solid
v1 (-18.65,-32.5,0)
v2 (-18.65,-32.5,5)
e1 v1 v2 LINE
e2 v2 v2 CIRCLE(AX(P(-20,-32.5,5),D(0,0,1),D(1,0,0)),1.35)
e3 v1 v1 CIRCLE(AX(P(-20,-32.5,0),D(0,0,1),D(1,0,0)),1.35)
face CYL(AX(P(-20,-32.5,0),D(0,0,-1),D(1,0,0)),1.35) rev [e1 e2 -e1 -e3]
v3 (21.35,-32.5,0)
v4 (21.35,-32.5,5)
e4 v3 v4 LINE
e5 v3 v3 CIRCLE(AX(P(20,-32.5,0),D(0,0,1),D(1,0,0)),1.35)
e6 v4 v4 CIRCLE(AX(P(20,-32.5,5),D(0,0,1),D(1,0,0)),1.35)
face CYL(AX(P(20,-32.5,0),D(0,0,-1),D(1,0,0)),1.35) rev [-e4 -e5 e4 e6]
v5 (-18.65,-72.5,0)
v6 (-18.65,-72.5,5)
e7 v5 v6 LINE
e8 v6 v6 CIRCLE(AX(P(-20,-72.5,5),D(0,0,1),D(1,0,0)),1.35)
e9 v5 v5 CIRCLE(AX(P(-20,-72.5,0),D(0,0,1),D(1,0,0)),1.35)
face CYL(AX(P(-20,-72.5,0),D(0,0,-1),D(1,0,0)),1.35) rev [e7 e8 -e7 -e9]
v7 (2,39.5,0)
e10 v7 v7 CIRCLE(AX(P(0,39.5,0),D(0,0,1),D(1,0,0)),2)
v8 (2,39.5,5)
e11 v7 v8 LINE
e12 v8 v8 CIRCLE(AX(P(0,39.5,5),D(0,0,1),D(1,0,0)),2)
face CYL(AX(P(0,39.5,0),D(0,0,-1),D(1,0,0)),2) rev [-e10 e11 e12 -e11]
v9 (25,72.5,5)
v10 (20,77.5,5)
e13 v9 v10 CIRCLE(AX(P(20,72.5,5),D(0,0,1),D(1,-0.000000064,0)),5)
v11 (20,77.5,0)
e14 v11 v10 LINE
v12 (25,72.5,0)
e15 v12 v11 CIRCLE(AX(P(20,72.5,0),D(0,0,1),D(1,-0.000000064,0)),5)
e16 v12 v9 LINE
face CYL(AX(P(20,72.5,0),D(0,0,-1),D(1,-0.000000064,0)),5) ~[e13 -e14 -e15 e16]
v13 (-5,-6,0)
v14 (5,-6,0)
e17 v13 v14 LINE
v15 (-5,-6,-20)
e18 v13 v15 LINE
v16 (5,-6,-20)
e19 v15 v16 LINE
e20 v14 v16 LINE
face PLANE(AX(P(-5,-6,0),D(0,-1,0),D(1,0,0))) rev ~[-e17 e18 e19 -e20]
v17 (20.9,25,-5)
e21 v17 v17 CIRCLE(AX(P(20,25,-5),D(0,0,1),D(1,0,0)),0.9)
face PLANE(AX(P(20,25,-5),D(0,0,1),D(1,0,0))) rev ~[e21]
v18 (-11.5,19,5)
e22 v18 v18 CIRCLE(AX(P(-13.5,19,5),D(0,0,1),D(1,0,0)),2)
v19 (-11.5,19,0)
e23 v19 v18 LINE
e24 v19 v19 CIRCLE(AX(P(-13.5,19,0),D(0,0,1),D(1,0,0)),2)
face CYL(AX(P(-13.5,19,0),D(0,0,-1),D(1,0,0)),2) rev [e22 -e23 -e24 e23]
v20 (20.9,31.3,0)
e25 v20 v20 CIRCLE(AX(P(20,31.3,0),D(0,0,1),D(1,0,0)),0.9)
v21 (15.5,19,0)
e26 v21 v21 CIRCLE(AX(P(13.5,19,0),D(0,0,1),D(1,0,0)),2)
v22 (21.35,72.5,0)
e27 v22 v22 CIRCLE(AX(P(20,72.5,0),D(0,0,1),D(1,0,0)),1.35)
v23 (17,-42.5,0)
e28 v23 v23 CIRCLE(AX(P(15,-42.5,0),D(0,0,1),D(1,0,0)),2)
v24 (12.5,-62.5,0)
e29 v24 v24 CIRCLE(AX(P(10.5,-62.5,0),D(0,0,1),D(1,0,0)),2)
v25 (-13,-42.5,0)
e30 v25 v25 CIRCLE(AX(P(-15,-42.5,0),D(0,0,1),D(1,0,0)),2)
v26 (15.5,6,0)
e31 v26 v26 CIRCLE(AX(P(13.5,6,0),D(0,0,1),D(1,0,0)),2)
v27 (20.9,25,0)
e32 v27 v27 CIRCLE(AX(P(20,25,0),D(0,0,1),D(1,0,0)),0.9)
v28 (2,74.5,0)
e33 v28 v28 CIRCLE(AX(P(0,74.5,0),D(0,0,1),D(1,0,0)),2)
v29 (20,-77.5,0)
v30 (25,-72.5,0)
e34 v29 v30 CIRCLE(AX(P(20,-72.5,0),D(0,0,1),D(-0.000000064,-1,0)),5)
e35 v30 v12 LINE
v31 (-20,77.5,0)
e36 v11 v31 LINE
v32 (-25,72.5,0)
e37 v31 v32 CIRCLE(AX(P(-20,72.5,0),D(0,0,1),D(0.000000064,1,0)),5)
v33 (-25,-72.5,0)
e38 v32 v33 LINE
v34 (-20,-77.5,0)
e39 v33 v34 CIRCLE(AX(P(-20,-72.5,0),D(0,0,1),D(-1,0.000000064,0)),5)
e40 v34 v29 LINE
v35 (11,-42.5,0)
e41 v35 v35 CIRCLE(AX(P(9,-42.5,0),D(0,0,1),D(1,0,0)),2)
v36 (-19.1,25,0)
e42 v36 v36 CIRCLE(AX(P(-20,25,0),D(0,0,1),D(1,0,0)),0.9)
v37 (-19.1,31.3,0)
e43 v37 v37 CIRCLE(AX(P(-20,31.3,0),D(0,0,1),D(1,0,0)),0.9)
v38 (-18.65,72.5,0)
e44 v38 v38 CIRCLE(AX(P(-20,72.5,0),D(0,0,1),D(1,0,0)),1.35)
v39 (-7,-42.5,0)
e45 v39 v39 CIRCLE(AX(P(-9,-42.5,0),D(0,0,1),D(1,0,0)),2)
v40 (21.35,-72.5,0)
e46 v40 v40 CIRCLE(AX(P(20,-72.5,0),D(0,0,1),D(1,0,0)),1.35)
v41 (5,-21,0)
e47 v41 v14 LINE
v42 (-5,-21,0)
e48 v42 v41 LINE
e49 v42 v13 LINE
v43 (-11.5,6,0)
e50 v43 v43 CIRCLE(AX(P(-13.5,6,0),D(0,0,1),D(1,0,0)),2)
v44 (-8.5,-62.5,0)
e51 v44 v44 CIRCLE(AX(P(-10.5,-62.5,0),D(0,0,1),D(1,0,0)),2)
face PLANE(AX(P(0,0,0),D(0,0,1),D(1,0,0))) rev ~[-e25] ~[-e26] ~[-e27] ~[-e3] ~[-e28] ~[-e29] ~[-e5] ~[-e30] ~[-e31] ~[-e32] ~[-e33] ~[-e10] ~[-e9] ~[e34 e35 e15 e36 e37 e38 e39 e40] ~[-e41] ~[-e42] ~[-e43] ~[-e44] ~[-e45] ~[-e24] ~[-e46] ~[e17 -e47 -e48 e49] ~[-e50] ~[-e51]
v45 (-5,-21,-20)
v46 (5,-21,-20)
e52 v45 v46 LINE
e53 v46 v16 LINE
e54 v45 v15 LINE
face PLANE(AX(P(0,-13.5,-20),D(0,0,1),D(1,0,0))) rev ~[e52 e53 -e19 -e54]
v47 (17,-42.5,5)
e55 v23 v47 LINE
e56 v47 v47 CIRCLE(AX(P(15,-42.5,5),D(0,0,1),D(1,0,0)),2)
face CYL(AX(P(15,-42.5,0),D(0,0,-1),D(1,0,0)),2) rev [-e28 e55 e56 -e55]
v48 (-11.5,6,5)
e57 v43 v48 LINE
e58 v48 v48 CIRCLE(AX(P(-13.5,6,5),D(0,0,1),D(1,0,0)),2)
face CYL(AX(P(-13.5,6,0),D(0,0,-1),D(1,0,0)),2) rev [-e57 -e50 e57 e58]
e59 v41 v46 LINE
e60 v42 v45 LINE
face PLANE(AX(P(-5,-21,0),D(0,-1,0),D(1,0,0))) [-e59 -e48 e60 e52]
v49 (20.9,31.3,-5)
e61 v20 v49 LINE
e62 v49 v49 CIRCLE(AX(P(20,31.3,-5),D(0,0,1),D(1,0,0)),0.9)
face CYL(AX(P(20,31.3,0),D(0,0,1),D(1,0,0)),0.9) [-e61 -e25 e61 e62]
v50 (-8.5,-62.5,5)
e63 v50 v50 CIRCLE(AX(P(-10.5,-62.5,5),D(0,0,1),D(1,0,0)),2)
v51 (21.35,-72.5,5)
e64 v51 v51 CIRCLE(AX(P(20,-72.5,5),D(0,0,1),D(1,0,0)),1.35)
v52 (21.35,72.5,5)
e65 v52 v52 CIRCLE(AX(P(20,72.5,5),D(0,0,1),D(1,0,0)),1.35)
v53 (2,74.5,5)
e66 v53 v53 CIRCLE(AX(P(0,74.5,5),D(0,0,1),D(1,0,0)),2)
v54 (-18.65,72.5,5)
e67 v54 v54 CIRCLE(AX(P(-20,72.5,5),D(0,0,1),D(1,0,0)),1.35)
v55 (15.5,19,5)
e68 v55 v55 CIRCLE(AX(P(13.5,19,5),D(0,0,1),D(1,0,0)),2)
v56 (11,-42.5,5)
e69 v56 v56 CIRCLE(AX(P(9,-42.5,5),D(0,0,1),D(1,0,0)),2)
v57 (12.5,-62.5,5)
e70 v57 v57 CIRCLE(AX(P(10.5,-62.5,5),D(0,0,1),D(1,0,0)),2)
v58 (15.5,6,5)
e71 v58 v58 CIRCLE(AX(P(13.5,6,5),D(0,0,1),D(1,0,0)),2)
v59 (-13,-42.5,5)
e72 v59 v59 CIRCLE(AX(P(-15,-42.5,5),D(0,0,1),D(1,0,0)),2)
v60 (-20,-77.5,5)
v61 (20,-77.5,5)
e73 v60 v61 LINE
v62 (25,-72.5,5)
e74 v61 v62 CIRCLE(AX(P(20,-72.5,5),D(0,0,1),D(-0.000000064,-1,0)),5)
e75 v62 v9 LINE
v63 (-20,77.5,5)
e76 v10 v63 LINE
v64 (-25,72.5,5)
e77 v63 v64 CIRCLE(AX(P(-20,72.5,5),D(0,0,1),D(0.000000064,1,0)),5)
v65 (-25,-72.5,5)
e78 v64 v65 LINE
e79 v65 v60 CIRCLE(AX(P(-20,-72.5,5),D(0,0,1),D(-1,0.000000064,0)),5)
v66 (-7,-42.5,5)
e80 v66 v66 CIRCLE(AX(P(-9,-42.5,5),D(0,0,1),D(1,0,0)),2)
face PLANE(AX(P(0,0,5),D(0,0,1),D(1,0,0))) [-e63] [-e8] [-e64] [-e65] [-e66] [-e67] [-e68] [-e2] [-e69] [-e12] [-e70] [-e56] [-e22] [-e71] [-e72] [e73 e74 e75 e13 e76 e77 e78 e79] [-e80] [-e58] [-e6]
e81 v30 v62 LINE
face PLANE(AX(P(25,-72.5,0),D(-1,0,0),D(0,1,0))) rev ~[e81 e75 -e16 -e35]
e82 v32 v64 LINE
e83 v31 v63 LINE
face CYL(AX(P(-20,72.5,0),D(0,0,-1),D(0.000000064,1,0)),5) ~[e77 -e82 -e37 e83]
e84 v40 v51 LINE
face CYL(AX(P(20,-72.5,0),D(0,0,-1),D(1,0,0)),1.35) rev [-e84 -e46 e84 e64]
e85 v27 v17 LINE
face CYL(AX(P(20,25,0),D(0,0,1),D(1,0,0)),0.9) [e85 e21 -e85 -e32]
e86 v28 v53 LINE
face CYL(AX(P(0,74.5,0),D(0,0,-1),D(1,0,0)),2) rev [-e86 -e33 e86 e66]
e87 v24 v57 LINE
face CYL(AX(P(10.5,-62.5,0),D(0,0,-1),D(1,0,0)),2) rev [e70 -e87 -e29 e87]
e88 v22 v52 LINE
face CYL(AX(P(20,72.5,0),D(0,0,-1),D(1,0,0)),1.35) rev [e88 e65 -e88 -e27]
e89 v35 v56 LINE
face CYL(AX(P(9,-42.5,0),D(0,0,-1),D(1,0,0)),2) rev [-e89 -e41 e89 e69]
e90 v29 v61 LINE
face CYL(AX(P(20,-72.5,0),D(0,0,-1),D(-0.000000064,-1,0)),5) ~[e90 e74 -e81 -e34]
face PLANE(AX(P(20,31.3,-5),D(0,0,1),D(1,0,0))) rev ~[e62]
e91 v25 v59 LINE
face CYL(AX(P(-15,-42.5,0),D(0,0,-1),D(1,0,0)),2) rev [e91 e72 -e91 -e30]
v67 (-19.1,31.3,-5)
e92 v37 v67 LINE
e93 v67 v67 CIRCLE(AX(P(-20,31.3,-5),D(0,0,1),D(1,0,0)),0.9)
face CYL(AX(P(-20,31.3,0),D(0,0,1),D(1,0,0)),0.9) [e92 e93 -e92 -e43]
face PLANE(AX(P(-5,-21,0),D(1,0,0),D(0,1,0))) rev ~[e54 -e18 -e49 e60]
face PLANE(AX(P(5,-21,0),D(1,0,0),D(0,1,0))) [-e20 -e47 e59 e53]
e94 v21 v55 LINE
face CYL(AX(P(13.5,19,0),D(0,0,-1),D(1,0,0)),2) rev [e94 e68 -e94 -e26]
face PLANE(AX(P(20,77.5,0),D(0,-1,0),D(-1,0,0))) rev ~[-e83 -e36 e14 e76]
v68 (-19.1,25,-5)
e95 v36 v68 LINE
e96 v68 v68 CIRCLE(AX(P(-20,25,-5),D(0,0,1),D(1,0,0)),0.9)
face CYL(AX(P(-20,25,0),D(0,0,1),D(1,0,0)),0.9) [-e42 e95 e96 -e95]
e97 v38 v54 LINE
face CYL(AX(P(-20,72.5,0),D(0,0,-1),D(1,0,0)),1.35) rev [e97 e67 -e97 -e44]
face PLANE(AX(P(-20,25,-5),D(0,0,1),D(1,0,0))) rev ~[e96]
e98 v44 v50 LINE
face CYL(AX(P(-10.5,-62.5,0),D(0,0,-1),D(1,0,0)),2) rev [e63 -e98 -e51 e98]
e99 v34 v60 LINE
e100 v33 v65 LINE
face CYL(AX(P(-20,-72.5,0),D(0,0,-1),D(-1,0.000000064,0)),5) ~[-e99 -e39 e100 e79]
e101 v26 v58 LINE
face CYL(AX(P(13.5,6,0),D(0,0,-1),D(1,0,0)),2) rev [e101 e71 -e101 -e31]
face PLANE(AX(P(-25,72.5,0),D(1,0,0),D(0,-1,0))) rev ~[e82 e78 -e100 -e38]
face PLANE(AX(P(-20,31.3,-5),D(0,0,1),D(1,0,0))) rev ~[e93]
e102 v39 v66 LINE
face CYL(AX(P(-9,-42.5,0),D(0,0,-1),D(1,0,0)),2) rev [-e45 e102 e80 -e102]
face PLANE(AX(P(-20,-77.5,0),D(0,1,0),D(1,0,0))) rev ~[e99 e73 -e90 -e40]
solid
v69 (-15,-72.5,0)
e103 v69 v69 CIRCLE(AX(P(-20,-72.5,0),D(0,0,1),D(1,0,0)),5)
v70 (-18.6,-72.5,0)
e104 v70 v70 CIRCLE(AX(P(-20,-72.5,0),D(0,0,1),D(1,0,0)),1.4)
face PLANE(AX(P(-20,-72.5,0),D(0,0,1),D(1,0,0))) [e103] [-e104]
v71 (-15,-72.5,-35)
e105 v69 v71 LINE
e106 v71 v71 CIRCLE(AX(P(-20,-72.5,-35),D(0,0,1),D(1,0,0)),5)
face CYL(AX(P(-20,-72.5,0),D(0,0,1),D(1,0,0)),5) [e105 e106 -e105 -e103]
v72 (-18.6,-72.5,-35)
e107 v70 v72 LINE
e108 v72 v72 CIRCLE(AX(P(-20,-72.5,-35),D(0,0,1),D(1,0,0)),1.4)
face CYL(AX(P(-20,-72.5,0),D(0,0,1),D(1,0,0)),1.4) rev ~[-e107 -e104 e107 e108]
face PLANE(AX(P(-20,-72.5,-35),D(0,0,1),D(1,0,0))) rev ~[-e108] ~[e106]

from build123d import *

# Parameters (mm, degrees)
SKETCH_R      = 2
SKETCH_R_2    = 1.35
PAD_DEPTH     = 5
SKETCH001_W   = 10
SKETCH001_H   = 15
PAD001_DEPTH  = 20
SKETCH002_R   = 0.9
PAD002_DEPTH  = 5
SKETCH003_R   = 5
SKETCH003_R_2 = 1.4
PAD003_DEPTH  = 35


with BuildPart() as body:
    # Sketch → Pad (new body)
    with BuildSketch(Plane.XY):
        with BuildLine():
            Line((-25, 72.5), (-25, -72.5))
            ThreePointArc((-25, -72.5), (-23.535534, -76.035534), (-20, -77.5))
            Line((-20, -77.5), (20, -77.5))
            ThreePointArc((20, -77.5), (23.535534, -76.035534), (25, -72.5))
            Line((25, -72.5), (25, 72.5))
            ThreePointArc((25, 72.5), (23.535534, 76.035534), (20, 77.5))
            Line((20, 77.5), (-20, 77.5))
            ThreePointArc((-20, 77.5), (-23.535534, 76.035534), (-25, 72.5))
        make_face()
        with Locations((-10.5, -62.5)):
            Circle(SKETCH_R, mode=Mode.SUBTRACT)
        with Locations((10.5, -62.5)):
            Circle(SKETCH_R, mode=Mode.SUBTRACT)
        with Locations((-13.5, 19)):
            Circle(SKETCH_R, mode=Mode.SUBTRACT)
        with Locations((-13.5, 6)):
            Circle(SKETCH_R, mode=Mode.SUBTRACT)
        with Locations((13.5, 19)):
            Circle(SKETCH_R, mode=Mode.SUBTRACT)
        with Locations((13.5, 6)):
            Circle(SKETCH_R, mode=Mode.SUBTRACT)
        with Locations((0, 74.5)):
            Circle(SKETCH_R, mode=Mode.SUBTRACT)
        with Locations((0, 39.5)):
            Circle(SKETCH_R, mode=Mode.SUBTRACT)
        with Locations((-20, -72.5)):
            Circle(SKETCH_R_2, mode=Mode.SUBTRACT)
        with Locations((20, -72.5)):
            Circle(SKETCH_R_2, mode=Mode.SUBTRACT)
        with Locations((-20, 72.5)):
            Circle(SKETCH_R_2, mode=Mode.SUBTRACT)
        with Locations((20, 72.5)):
            Circle(SKETCH_R_2, mode=Mode.SUBTRACT)
        with Locations((-15, -42.5)):
            Circle(SKETCH_R, mode=Mode.SUBTRACT)
        with Locations((15, -42.5)):
            Circle(SKETCH_R, mode=Mode.SUBTRACT)
        with Locations((-20, -32.5)):
            Circle(SKETCH_R_2, mode=Mode.SUBTRACT)
        with Locations((20, -32.5)):
            Circle(SKETCH_R_2, mode=Mode.SUBTRACT)
        with Locations((-9, -42.5)):
            Circle(SKETCH_R, mode=Mode.SUBTRACT)
        with Locations((9, -42.5)):
            Circle(SKETCH_R, mode=Mode.SUBTRACT)
    extrude(amount=PAD_DEPTH)

    # Sketch001 → Pad001 (join)
    with BuildSketch(Plane.XY):
        with Locations((0, -13.5)):
            Rectangle(SKETCH001_W, SKETCH001_H)
    extrude(amount=-PAD001_DEPTH)

    # Sketch002 → Pad002 (join)
    with BuildSketch(Plane.XY):
        with Locations((-20, 25)):
            Circle(SKETCH002_R)
        with Locations((-20, 31.3)):
            Circle(SKETCH002_R)
        with Locations((20, 25)):
            Circle(SKETCH002_R)
        with Locations((20, 31.3)):
            Circle(SKETCH002_R)
    extrude(amount=-PAD002_DEPTH)


with BuildPart() as spacer:
    # Sketch003 → Pad003 (new body)
    with BuildSketch(Plane.XY):
        with Locations((-20, -72.5)):
            Circle(SKETCH003_R)
        with Locations((-20, -72.5)):
            Circle(SKETCH003_R_2, mode=Mode.SUBTRACT)
    extrude(amount=-PAD003_DEPTH)


solid = Compound([body.part, spacer.part])
